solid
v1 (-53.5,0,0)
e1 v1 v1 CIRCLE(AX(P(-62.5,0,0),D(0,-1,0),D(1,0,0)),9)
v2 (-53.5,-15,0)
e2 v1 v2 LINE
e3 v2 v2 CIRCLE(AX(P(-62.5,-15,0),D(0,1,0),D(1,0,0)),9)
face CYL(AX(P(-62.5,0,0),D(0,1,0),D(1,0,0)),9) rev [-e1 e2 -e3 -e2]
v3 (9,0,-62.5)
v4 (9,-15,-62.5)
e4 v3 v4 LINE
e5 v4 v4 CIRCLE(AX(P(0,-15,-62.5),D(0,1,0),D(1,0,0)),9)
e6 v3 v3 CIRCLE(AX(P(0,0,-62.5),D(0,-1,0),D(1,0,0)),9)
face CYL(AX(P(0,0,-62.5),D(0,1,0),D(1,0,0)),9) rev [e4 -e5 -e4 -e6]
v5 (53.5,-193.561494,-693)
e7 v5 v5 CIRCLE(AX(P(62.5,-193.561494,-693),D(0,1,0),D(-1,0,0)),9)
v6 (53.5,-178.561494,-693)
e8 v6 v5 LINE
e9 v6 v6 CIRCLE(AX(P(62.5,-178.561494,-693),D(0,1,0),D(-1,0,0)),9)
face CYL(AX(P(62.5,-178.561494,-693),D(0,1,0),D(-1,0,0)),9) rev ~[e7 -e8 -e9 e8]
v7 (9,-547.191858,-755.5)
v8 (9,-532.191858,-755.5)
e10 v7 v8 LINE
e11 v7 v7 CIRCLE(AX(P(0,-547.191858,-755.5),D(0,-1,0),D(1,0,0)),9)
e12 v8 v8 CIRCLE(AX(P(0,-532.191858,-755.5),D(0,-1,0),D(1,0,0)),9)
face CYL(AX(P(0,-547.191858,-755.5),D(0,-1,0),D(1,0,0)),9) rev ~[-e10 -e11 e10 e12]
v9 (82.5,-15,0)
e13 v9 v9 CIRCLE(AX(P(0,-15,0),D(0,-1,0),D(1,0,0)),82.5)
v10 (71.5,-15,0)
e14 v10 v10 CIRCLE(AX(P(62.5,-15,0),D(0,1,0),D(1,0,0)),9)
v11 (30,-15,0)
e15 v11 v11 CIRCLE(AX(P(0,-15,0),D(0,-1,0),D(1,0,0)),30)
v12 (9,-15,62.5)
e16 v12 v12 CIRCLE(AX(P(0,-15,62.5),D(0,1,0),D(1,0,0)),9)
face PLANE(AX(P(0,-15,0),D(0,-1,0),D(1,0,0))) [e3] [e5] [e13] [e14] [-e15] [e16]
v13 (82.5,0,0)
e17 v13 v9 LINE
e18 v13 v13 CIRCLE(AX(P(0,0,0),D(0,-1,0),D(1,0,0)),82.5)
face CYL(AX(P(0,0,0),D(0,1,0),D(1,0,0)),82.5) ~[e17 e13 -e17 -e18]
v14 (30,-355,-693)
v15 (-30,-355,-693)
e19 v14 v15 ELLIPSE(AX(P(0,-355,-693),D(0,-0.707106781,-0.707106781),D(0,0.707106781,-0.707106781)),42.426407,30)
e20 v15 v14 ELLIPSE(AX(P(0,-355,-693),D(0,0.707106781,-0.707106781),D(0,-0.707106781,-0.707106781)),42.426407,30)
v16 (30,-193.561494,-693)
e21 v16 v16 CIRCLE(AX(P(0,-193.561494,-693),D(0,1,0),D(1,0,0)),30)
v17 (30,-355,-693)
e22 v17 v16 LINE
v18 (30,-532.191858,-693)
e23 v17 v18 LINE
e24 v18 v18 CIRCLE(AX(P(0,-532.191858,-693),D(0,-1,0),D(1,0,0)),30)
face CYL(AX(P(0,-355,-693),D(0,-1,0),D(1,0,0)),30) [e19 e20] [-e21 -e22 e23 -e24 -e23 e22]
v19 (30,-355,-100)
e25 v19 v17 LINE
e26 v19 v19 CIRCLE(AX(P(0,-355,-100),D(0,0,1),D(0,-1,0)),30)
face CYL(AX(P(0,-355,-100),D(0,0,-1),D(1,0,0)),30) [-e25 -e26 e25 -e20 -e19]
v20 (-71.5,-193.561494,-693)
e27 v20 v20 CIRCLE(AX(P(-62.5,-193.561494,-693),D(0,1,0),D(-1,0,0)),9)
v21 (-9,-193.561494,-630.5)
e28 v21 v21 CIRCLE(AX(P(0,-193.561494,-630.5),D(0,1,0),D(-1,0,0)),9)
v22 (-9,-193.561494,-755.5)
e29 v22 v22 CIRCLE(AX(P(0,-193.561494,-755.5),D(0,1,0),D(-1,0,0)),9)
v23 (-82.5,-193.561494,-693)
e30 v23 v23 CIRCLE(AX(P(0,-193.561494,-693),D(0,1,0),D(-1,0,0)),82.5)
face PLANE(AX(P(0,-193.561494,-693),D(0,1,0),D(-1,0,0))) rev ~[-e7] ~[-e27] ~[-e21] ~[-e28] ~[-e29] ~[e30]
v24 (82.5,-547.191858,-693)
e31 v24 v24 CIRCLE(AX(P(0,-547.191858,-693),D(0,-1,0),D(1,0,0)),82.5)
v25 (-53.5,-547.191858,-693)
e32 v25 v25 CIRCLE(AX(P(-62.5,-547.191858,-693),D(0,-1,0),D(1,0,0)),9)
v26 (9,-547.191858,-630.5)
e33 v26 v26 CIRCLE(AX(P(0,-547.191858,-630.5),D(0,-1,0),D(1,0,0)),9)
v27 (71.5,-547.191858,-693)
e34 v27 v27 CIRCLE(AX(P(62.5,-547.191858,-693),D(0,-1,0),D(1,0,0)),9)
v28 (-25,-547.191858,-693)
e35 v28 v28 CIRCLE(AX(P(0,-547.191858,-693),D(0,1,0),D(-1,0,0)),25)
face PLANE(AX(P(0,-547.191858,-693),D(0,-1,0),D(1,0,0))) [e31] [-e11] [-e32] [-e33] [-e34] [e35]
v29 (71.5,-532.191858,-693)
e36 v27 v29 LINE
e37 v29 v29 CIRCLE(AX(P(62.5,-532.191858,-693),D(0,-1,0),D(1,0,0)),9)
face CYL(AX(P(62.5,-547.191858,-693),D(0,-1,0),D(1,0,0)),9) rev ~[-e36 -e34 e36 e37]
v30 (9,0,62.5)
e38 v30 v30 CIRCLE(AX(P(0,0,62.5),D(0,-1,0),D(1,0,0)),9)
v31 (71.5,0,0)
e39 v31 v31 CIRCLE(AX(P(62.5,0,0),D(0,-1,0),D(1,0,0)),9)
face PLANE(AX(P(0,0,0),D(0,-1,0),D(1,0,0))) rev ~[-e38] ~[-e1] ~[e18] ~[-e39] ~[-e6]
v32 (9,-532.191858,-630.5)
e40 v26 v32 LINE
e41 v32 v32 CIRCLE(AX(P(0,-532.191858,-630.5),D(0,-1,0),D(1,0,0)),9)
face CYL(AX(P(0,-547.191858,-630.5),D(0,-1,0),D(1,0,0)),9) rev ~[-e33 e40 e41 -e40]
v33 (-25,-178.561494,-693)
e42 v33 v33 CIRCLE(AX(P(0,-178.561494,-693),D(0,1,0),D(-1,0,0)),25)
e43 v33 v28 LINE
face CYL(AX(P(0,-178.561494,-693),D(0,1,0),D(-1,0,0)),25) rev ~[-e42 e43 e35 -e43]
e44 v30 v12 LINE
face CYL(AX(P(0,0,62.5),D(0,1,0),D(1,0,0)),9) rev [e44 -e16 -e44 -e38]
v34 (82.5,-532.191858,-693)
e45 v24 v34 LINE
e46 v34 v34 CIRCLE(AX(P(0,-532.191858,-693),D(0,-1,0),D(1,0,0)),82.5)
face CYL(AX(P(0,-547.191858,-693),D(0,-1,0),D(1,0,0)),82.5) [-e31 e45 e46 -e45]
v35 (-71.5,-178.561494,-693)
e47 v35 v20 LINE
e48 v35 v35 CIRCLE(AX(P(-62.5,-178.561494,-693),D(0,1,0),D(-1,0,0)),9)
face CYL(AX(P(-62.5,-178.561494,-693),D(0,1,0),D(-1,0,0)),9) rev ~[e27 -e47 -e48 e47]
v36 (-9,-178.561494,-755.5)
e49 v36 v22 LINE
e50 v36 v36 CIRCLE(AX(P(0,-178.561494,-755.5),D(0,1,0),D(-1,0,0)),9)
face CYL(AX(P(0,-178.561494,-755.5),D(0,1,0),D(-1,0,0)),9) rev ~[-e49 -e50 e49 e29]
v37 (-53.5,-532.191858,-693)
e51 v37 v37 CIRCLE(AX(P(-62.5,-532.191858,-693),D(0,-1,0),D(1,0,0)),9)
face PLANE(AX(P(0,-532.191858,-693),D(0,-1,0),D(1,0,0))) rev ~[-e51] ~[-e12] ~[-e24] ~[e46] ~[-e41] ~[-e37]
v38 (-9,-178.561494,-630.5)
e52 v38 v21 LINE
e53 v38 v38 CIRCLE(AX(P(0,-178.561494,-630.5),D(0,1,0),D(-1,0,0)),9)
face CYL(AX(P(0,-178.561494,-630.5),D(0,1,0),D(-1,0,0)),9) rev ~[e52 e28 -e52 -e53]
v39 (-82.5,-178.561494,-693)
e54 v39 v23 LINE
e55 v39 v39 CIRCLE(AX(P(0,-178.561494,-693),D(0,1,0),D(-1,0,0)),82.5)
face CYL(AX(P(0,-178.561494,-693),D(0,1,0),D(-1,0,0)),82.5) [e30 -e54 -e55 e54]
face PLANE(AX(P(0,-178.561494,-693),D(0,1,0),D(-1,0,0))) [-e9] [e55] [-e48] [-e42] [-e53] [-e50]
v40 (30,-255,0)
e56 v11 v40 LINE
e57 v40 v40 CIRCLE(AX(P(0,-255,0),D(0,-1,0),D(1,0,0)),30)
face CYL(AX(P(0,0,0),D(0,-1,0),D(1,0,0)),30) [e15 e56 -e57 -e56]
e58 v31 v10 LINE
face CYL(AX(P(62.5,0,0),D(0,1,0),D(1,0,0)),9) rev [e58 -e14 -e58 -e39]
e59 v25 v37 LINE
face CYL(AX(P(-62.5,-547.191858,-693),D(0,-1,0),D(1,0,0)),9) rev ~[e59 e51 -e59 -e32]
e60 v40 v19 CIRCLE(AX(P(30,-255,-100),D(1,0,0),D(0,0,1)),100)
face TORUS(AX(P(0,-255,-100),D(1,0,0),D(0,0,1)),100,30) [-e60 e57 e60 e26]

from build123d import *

# Parameters (mm, degrees)
F0_R      = 30
F3_R      = 30
F0_R_2    = 82.5
F5_DEPTH  = 15
F6_R      = 9
F7_DEPTH  = 25
F8_R      = 82.5
F8_R_2    = 9
F8_R_3    = 30
F9_DEPTH  = 15
F10_R     = 82.5
F10_R_2   = 9
F10_R_3   = 30
F11_DEPTH = 15
F12_R     = 25
F13_DEPTH = 368.6303645372


with BuildPart() as f2:
    # F2: sweep along a path in F1
    with BuildLine(Plane.YZ) as f2_path:
        Line((0, 0), (-255, 0))
        ThreePointArc((-255, 0), (-325.7106781187, -29.2893218813), (-355, -100))
        Line((-355, -100), (-355, -693))
        Line((-355, -693), (-547.1918582916, -693))
    # F0 (on Front) → F2 (sweep)
    with BuildSketch(Plane.XZ):
        Circle(F0_R)
    sweep(path=f2_path.line, transition=Transition.RIGHT)

    # F4: sweep along a path in F1
    with BuildLine(Plane.YZ) as f4_path:
        Line((-547.1918582916, -693), (-355, -693))
        Line((-355, -693), (-178.5614937544, -693))
    # F3 (on face) → F4 (sweep)
    with BuildSketch(Plane.XZ.offset(547.1918582916)):
        with Locations((0, -693)):
            Circle(F3_R)
    sweep(path=f4_path.line)

    # F0 (on Front) → F5 (join)
    with BuildSketch(Plane.XZ):
        Circle(F0_R_2)
        Circle(F0_R, mode=Mode.SUBTRACT)
    extrude(amount=F5_DEPTH)

    # F6 (on face) → F7 (cut)
    with BuildSketch(Plane.XZ):
        with Locations((0, 62.5)):
            Circle(F6_R)
        with Locations((-62.5, 0)):
            Circle(F6_R)
        with Locations((0, -62.5)):
            Circle(F6_R)
        with Locations((62.5, 0)):
            Circle(F6_R)
    extrude(amount=F7_DEPTH, mode=Mode.SUBTRACT)

    # F8 (on face) → F9 (join)
    with BuildSketch(Plane.XZ.offset(547.1918582916)):
        with Locations((0, -693)):
            Circle(F8_R)
        with Locations((0, -755.5)):
            Circle(F8_R_2, mode=Mode.SUBTRACT)
        with Locations((-62.5, -693)):
            Circle(F8_R_2, mode=Mode.SUBTRACT)
        with Locations((0, -693)):
            Circle(F8_R_3, mode=Mode.SUBTRACT)
        with Locations((62.5, -693)):
            Circle(F8_R_2, mode=Mode.SUBTRACT)
        with Locations((0, -630.5)):
            Circle(F8_R_2, mode=Mode.SUBTRACT)
    extrude(amount=-F9_DEPTH)

    # F10 (on face) → F11 (join)
    with BuildSketch(Plane(origin=(0, -178.5614937544, 0), x_dir=(-1, 0, 0), z_dir=(0, 1, 0))):
        with Locations((0, -693)):
            Circle(F10_R)
        with Locations((0, -755.5)):
            Circle(F10_R_2, mode=Mode.SUBTRACT)
        with Locations((-62.5, -693)):
            Circle(F10_R_2, mode=Mode.SUBTRACT)
        with Locations((0, -693)):
            Circle(F10_R_3, mode=Mode.SUBTRACT)
        with Locations((62.5, -693)):
            Circle(F10_R_2, mode=Mode.SUBTRACT)
        with Locations((0, -630.5)):
            Circle(F10_R_2, mode=Mode.SUBTRACT)
    extrude(amount=-F11_DEPTH)

    # F12 (on face) → F13 (cut, through all)
    with BuildSketch(Plane(origin=(0, -178.5614937544, 0), x_dir=(-1, 0, 0), z_dir=(0, 1, 0))):
        with Locations((0, -693)):
            Circle(F12_R)
    extrude(amount=-F13_DEPTH, mode=Mode.SUBTRACT)


solid = f2.part
